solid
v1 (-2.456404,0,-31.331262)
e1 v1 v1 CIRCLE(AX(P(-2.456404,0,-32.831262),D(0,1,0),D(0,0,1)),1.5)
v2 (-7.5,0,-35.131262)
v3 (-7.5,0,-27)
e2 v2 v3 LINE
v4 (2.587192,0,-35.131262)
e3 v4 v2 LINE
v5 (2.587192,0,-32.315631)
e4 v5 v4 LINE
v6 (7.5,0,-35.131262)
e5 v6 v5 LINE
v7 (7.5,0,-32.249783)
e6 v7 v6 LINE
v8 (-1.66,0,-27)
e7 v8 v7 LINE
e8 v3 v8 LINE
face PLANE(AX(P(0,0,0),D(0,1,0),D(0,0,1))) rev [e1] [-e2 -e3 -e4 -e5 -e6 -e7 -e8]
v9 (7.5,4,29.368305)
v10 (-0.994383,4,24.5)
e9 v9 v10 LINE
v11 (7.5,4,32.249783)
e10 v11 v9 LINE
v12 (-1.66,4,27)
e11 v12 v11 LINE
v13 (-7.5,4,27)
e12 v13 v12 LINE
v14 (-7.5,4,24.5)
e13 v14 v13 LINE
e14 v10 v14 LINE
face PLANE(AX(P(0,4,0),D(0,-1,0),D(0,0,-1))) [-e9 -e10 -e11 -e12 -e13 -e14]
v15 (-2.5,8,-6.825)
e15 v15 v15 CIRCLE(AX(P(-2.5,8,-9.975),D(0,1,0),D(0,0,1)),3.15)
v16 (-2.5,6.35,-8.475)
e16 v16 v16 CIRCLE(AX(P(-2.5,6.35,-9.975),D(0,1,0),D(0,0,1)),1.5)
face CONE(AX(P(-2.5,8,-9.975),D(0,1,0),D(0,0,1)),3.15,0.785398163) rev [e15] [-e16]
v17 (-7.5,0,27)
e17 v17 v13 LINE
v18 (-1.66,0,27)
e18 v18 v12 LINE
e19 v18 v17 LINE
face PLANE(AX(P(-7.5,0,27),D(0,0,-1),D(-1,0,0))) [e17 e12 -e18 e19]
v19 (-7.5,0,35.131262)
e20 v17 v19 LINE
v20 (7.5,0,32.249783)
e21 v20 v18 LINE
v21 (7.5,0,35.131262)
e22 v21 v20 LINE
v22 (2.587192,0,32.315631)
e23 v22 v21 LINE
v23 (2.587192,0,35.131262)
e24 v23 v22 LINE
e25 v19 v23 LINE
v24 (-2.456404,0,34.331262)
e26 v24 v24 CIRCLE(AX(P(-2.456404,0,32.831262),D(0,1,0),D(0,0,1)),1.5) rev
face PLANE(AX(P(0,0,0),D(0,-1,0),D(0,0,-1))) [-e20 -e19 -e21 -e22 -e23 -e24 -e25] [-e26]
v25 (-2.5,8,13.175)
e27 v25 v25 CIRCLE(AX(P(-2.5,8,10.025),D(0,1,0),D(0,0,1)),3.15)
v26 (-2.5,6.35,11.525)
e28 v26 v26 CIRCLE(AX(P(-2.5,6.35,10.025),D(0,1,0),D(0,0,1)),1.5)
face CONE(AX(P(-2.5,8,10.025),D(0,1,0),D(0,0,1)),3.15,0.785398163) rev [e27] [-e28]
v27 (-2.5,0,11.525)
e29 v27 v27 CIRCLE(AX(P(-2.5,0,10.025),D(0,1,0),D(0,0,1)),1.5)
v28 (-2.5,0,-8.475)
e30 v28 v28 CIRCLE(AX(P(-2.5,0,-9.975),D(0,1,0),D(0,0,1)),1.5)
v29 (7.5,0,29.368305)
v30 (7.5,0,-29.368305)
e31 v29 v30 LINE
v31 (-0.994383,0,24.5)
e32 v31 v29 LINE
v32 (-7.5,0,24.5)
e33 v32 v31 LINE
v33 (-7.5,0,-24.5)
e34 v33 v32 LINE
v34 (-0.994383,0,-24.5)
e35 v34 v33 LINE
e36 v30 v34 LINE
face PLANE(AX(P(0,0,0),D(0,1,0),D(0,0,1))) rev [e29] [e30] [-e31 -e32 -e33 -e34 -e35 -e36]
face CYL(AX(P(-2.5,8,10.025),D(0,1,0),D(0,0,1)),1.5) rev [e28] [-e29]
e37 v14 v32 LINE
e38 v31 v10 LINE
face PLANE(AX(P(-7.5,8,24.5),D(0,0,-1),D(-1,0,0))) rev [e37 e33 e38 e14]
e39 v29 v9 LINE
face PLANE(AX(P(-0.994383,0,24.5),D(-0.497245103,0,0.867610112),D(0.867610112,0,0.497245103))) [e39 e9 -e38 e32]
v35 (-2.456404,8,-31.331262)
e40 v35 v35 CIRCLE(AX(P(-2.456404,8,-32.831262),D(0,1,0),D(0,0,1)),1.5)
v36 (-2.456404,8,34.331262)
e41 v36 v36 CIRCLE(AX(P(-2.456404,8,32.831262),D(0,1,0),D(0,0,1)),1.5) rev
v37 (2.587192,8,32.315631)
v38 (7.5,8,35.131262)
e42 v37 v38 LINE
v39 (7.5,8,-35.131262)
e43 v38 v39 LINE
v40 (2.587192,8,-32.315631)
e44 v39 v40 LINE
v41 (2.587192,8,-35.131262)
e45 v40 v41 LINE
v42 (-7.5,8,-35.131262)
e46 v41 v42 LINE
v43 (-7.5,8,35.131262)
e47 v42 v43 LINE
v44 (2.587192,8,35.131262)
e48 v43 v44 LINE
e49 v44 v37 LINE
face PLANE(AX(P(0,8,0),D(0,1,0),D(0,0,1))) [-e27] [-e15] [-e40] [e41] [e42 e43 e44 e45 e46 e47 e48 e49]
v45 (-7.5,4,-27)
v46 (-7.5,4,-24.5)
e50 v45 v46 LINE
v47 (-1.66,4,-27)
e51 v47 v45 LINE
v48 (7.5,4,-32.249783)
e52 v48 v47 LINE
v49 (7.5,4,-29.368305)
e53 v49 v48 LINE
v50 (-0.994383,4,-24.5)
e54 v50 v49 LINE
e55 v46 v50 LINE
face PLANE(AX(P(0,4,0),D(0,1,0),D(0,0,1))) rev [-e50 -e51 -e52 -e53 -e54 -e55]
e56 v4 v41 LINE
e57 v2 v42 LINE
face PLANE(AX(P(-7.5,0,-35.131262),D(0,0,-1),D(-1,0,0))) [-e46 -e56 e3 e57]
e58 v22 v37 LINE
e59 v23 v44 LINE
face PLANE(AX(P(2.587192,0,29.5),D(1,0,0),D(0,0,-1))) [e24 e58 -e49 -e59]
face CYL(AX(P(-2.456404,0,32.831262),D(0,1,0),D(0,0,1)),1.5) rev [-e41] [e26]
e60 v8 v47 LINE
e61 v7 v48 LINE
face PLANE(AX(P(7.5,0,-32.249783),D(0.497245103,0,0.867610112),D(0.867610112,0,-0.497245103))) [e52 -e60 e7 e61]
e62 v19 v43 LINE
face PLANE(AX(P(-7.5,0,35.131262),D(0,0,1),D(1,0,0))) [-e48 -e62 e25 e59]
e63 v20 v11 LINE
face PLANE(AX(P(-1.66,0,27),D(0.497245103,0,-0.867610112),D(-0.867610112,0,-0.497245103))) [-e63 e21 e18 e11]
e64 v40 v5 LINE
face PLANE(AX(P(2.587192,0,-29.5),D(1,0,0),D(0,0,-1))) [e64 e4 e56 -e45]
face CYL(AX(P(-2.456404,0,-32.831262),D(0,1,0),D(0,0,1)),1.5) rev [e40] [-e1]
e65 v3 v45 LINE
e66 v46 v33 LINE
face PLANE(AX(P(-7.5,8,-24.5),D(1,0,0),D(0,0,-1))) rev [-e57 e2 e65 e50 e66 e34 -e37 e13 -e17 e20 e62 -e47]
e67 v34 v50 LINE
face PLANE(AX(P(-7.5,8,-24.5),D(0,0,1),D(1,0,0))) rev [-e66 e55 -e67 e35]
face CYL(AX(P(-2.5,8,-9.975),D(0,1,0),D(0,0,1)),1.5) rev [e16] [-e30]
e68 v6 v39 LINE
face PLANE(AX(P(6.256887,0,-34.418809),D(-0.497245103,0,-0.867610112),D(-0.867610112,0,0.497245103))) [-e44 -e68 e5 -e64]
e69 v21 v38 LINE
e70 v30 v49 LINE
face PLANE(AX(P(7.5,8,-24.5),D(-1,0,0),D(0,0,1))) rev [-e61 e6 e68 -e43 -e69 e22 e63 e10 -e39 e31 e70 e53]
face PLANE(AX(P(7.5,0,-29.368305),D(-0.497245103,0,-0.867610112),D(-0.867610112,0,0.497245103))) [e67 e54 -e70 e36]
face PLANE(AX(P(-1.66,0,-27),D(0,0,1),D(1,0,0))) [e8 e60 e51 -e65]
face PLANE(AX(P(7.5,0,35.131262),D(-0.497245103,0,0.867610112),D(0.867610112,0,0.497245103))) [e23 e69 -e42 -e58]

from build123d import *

# Parameters (mm, degrees)
SKETCH1_W                     = 15
SKETCH1_H                     = 49
BOSS_EXTRUDE1_DEPTH           = 8
CSK_FOR_M3_SFHCS1_D           = 3
CSK_FOR_M3_SFHCS1_CSINK_D     = 6.3
CSK_FOR_M3_SFHCS1_CSINK_ANGLE = 90
BOSS_EXTRUDE2_DEPTH           = 8
BOSS_EXTRUDE3_DEPTH           = 4
BOSS_EXTRUDE4_DEPTH           = 8
SKETCH8_W                     = 10.087191575
SKETCH8_H                     = 5.631262012
BOSS_EXTRUDE5_DEPTH           = 8
CUT_EXTRUDE1_START            = -8
SKETCH9_R                     = 1.5
CUT_EXTRUDE1_DEPTH            = 8


with BuildPart() as part:
    # Sketch1 → Boss-Extrude1 (new body)
    with BuildSketch(Plane(origin=(0, 0, 0), x_dir=(1, 0, 0), z_dir=(0, 1, 0))):
        Rectangle(SKETCH1_W, SKETCH1_H)
    extrude(amount=BOSS_EXTRUDE1_DEPTH)

    # CSK for M3 SFHCS1 (through all)
    with Locations(Plane(origin=(0, 8, 0), x_dir=(1, 0, 0), z_dir=(0, 1, 0))):
        with Locations((-2.499999911, -10.025), (-2.499999911, 9.975)):
            CounterSinkHole(CSK_FOR_M3_SFHCS1_D / 2, CSK_FOR_M3_SFHCS1_CSINK_D / 2, counter_sink_angle=CSK_FOR_M3_SFHCS1_CSINK_ANGLE)

    # Sketch5 → Boss-Extrude2 (add)
    with BuildSketch(Plane(origin=(0, 8, 0), x_dir=(1, 0, 0), z_dir=(0, 1, 0))):
        Polygon((-0.994383151, -24.5), (7.5, -29.368304747), (7.5, -24.5), align=None)
        Polygon((-0.994383151, 24.5), (7.5, 24.5), (7.5, 29.368304747), align=None)
    extrude(amount=-BOSS_EXTRUDE2_DEPTH)

    # Sketch6 → Boss-Extrude3 (add)
    with BuildSketch(Plane(origin=(0, 8, 0), x_dir=(1, 0, 0), z_dir=(0, 1, 0))):
        Polygon((7.5, 29.368304747), (-0.994383151, 24.5), (-7.5, 24.5), (-7.5, 27), (-1.66, 27), (6.256887241, 31.537330028), (7.5, 32.249783379), align=None)
        Polygon((-7.5, -24.5), (-0.994383151, -24.5), (7.5, -29.368304747), (7.5, -32.249783379), (6.256887241, -31.537330028), (-1.66, -27), (-7.5, -27), align=None)
    extrude(amount=-BOSS_EXTRUDE3_DEPTH)

    # Sketch7 → Boss-Extrude4 (add)
    with BuildSketch(Plane(origin=(0, 8, 0), x_dir=(1, 0, 0), z_dir=(0, 1, 0))):
        Polygon((-1.66, -27), (7.5, -32.249783379), (7.5, -35.131262012), (6.256887241, -34.41880866), (-2.325616849, -29.5), (-7.5, -29.5), (-7.5, -27), align=None)
        Polygon((7.5, 32.249783379), (-1.66, 27), (-7.5, 27), (-7.5, 29.5), (-2.325616849, 29.5), (6.256887241, 34.41880866), (7.5, 35.131262012), align=None)
    extrude(amount=-BOSS_EXTRUDE4_DEPTH)

    # Sketch8 → Boss-Extrude5 (add)
    with BuildSketch(Plane(origin=(0, 8, 0), x_dir=(1, 0, 0), z_dir=(0, 1, 0))):
        with Locations((-2.456404213, -32.315631006)):
            Rectangle(SKETCH8_W, SKETCH8_H)
        with Locations((-2.456404213, 32.315631006)):
            Rectangle(SKETCH8_W, SKETCH8_H)
    extrude(amount=-BOSS_EXTRUDE5_DEPTH)

    # Sketch9 → Cut-Extrude1 (cut)
    with BuildSketch(Plane(origin=(0, 8, 0), x_dir=(1, 0, 0), z_dir=(0, 1, 0)).offset(CUT_EXTRUDE1_START)):
        with Locations(Location((-2.456404212, 32.831262012, 0), (0, 0, 270))):
            Circle(SKETCH9_R)
        with Locations(Location((-2.456404212, -32.831262012, 0), (0, 0, 270))):
            Circle(SKETCH9_R)
    extrude(amount=CUT_EXTRUDE1_DEPTH, mode=Mode.SUBTRACT)


solid = part.part
